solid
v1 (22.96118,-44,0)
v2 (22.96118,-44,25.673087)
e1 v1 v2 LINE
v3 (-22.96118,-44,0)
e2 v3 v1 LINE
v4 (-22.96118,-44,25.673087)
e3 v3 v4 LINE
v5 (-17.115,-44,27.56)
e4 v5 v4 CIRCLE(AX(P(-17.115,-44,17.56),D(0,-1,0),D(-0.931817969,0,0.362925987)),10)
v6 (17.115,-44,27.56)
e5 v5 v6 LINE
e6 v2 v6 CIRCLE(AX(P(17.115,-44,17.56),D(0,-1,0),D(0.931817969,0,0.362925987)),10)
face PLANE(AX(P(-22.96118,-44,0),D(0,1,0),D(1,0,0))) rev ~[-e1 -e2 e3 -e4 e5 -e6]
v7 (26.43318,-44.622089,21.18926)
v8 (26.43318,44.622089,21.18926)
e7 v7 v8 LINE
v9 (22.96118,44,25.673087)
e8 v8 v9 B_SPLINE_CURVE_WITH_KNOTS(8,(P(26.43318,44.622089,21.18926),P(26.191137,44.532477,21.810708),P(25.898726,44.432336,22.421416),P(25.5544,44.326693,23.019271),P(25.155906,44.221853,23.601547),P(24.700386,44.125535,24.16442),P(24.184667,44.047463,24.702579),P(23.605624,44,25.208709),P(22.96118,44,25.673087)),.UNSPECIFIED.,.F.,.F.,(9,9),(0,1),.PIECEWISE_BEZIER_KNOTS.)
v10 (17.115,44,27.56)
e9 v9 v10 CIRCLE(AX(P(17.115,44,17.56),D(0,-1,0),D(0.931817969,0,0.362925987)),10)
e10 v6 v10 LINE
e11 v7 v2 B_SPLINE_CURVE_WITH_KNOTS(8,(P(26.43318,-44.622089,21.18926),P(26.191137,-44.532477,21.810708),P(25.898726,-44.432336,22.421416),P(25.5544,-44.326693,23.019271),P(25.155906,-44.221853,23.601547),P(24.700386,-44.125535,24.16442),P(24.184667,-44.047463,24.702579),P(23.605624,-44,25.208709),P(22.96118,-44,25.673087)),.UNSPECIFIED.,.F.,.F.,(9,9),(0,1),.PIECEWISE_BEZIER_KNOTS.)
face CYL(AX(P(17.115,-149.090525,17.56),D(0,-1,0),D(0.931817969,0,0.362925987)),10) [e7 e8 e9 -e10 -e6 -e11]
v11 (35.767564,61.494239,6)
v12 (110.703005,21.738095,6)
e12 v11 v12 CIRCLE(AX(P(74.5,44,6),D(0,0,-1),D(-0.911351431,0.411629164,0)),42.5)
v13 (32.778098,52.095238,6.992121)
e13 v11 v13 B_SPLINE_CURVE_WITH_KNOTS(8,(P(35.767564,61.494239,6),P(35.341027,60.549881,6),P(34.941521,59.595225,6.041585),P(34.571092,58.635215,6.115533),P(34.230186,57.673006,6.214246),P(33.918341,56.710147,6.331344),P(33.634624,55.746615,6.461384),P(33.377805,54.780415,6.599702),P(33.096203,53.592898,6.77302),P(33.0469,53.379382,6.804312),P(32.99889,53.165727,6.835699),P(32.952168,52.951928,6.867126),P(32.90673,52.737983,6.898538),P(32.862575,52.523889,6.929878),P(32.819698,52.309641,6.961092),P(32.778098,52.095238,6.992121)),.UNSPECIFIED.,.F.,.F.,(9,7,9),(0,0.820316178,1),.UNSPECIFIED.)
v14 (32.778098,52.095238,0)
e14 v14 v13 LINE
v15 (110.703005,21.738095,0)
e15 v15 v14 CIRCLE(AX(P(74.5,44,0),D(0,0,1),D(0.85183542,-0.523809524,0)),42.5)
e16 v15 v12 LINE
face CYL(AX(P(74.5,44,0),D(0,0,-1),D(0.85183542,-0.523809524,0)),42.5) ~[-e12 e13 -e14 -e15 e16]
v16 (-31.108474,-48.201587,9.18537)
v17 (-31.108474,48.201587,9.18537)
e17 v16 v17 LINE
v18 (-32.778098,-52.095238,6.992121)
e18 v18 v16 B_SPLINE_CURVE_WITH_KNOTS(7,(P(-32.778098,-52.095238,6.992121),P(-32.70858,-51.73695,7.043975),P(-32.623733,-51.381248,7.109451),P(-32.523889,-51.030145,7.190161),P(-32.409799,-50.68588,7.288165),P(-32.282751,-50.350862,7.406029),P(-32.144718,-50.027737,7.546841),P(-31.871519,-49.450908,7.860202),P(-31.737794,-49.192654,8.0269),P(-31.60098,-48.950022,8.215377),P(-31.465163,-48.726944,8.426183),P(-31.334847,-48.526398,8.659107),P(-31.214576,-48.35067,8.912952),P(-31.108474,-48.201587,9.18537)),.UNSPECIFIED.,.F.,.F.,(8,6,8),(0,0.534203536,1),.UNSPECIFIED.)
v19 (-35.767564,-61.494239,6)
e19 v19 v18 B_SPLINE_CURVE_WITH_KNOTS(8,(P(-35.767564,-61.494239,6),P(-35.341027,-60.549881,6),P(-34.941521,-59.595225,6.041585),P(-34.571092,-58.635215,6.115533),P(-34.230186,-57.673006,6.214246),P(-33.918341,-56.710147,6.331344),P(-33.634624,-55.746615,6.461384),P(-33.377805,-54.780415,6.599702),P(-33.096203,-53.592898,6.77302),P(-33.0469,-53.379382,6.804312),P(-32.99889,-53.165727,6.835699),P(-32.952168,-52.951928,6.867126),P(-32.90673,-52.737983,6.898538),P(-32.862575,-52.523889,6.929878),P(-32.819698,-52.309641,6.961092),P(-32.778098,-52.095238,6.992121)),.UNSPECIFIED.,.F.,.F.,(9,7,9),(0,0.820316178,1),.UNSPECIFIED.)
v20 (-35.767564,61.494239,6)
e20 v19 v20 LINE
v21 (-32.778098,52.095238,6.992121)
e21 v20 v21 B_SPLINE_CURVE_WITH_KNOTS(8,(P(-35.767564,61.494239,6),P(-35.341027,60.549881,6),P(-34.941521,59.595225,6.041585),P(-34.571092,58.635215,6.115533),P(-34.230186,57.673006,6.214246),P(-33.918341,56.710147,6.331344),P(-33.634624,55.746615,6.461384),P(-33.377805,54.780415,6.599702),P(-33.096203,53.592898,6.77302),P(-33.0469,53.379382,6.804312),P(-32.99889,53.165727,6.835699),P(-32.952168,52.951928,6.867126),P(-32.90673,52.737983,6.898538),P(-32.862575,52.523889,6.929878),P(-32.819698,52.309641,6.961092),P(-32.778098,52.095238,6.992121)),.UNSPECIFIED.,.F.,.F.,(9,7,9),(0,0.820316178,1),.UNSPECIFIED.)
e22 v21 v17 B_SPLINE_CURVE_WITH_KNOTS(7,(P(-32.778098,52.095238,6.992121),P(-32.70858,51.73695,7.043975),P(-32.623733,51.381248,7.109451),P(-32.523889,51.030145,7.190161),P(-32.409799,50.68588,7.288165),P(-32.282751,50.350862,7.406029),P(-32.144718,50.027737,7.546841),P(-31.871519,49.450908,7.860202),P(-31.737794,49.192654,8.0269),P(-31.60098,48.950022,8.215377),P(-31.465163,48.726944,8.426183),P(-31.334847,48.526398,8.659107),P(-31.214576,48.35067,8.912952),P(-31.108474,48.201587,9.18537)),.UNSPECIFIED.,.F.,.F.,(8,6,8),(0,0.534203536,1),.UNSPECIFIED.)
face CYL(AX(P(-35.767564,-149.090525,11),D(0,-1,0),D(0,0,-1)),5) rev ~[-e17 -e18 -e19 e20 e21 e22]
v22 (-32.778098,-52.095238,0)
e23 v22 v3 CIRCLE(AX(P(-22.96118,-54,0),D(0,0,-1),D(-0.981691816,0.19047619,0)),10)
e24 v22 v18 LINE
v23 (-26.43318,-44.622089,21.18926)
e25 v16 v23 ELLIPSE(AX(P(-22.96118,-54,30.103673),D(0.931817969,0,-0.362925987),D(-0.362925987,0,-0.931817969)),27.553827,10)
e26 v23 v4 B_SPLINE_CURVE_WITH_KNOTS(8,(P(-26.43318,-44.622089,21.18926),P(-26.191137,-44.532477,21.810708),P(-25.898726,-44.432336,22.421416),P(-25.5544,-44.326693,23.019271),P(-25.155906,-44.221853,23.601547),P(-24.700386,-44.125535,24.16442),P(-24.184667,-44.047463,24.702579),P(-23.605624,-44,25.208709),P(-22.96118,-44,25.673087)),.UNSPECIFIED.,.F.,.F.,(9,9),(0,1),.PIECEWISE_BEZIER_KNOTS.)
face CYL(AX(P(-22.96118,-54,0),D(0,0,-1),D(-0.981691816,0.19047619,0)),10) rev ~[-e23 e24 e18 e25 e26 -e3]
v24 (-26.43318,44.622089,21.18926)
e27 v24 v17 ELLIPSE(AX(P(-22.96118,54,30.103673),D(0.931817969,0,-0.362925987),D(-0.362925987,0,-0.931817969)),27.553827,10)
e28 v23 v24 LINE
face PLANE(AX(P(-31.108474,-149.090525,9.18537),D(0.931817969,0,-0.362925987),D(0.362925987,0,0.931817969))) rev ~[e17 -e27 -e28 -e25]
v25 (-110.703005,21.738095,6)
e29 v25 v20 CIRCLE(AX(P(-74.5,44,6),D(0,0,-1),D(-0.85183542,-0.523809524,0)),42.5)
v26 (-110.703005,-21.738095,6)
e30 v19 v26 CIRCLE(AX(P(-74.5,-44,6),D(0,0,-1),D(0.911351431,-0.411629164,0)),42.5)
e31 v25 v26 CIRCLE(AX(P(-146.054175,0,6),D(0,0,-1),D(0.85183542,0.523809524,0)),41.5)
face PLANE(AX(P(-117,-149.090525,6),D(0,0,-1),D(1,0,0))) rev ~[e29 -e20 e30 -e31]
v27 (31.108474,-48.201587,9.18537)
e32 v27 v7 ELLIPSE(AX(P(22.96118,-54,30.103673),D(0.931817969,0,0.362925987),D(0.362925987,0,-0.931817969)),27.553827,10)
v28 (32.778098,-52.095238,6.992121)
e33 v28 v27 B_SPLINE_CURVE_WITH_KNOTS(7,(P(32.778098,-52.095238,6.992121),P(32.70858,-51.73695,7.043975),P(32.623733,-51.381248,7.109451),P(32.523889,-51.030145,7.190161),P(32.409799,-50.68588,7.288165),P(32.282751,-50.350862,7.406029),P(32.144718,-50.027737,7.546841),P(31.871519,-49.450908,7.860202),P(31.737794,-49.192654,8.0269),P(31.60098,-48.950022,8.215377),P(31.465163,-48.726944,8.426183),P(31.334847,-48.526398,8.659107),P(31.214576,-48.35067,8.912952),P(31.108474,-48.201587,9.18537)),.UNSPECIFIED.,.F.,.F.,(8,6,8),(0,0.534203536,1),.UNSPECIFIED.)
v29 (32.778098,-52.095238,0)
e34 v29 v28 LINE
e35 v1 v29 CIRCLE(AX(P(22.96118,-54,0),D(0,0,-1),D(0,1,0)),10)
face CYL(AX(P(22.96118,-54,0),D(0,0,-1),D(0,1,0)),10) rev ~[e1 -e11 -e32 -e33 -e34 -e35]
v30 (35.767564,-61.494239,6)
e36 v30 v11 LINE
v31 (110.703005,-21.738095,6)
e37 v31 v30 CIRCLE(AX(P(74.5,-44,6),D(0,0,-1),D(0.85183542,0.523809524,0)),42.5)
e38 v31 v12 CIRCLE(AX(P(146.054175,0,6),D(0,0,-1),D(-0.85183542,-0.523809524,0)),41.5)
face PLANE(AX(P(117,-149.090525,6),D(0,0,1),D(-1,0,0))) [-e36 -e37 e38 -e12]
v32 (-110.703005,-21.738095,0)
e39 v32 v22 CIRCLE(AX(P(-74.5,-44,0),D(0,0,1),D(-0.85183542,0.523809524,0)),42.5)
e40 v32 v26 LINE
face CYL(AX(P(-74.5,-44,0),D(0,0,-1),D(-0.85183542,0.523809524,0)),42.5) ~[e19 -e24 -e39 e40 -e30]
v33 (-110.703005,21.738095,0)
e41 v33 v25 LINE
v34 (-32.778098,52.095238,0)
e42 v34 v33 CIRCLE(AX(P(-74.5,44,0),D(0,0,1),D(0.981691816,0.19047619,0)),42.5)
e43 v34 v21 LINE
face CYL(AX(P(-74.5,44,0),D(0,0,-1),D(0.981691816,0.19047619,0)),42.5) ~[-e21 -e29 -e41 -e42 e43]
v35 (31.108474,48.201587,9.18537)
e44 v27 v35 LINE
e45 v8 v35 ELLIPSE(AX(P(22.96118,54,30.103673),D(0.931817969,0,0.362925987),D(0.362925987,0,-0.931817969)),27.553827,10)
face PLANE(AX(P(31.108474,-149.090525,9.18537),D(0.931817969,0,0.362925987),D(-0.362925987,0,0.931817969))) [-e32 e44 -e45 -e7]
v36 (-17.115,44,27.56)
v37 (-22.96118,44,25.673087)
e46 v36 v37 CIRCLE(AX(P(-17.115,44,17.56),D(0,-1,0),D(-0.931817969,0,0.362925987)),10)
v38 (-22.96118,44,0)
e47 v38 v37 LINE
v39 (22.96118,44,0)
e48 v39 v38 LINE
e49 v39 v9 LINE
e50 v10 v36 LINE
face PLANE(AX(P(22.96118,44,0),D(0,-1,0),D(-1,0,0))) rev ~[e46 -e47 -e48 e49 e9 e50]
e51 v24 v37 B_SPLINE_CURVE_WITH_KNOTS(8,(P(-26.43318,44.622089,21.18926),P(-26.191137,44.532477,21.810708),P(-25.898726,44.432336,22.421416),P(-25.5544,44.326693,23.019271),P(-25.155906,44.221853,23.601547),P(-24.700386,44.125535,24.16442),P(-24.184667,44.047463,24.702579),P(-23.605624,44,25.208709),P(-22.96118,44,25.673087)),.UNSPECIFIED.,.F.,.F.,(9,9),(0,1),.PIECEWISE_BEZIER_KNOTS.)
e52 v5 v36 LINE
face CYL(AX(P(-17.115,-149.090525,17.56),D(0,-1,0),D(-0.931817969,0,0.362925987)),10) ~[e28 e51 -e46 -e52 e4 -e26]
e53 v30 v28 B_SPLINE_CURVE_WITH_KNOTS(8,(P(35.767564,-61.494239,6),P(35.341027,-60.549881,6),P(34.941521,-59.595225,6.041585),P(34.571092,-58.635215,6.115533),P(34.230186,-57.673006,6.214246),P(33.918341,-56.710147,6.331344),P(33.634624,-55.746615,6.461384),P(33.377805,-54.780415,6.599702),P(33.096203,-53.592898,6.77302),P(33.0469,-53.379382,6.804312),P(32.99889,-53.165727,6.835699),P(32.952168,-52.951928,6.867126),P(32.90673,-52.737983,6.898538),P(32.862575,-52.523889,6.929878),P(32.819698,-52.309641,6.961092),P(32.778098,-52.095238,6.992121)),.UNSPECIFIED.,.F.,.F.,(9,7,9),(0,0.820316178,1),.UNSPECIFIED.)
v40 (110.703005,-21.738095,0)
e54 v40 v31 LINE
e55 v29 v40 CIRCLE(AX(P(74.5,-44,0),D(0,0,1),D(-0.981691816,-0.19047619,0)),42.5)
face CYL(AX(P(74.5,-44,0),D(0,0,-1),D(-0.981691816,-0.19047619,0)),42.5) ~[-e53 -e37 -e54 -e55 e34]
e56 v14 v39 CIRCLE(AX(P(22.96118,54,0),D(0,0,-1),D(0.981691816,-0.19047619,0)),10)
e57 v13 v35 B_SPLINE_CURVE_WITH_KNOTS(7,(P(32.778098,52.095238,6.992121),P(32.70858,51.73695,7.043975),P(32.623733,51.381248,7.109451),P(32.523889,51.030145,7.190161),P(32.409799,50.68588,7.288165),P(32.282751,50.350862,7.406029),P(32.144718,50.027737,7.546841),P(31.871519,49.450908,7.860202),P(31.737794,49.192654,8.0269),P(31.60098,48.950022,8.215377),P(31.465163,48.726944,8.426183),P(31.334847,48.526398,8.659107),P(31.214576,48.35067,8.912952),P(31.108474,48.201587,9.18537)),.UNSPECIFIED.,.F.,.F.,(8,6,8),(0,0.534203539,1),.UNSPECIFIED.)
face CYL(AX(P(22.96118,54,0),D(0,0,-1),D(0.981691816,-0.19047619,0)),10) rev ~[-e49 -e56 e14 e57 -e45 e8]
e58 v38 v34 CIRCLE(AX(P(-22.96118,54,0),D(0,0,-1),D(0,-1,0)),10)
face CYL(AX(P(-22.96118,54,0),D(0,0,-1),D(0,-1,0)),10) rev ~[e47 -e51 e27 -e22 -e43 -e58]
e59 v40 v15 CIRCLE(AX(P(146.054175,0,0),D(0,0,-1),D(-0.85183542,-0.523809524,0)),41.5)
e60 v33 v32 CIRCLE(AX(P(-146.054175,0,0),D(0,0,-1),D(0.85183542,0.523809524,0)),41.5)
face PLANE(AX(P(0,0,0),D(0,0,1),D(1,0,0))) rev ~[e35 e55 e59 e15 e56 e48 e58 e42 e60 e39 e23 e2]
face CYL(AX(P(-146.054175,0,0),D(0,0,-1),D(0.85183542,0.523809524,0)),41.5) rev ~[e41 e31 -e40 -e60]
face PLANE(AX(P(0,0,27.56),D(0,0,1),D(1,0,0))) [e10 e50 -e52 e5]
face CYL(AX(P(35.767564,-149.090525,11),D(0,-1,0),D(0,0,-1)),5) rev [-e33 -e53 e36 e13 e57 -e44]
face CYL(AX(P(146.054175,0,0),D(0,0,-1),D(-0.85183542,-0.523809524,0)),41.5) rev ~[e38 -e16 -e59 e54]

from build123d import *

# Parameters (mm, degrees)
BOSS_EXTRUDE1_DEPTH     = 27.56
CUT_EXTRUDE1_DEPTH      = 149.090525018
CUT_EXTRUDE1_DEPTH_BACK = 149.090525018


with BuildPart() as part:
    # Sketch1 → Boss-Extrude1 (new body)
    with BuildSketch(Plane.XY):
        with BuildLine():
            Line((22.96117968, 44), (-22.96117968, 44))
            ThreePointArc((-22.96117968, 44), (-29.323269783, 46.284832502), (-32.778097836, 52.095238095))
            ThreePointArc((-32.778097836, 52.095238095), (-89.927364847, 83.601091069), (-110.70300535, 21.738095238))
            ThreePointArc((-110.70300535, 21.738095238), (-104.55417528, 0), (-110.70300535, -21.738095238))
            ThreePointArc((-110.70300535, -21.738095238), (-89.927364847, -83.601091069), (-32.778097836, -52.095238095))
            ThreePointArc((-32.778097836, -52.095238095), (-29.323269783, -46.284832502), (-22.96117968, -44))
            Line((-22.96117968, -44), (22.96117968, -44))
            ThreePointArc((22.96117968, -44), (29.323269783, -46.284832502), (32.778097836, -52.095238095))
            ThreePointArc((32.778097836, -52.095238095), (89.927364847, -83.601091069), (110.70300535, -21.738095238))
            ThreePointArc((110.70300535, -21.738095238), (104.55417528, 0), (110.70300535, 21.738095238))
            ThreePointArc((110.70300535, 21.738095238), (89.927364847, 83.601091069), (32.778097836, 52.095238095))
            ThreePointArc((32.778097836, 52.095238095), (29.323269783, 46.284832502), (22.96117968, 44))
        make_face()
    extrude(amount=BOSS_EXTRUDE1_DEPTH)

    # Sketch2 → Cut-Extrude1 (cut, two sides: drawn at the far end of the back side and taken through both)
    with BuildSketch(Plane(origin=(0, 0, 0), x_dir=(1, 0, 0), z_dir=(0, 1, 0)).offset(-CUT_EXTRUDE1_DEPTH_BACK)):
        with BuildLine():
            Line((117, -6), (35.767564174, -6))
            ThreePointArc((35.767564174, -6), (32.945610035, -6.872461407), (31.108474327, -9.185370066))
            Line((31.108474327, -9.185370066), (26.433179694, -21.189259868))
            ThreePointArc((26.433179694, -21.189259868), (22.758908279, -25.815077185), (17.115, -27.56))
            Line((17.115, -27.56), (117, -27.56))
            Line((117, -27.56), (117, -6))
        make_face()
        with BuildLine():
            Line((-117, -27.56), (-117, -6))
            Line((-117, -6), (-35.767564174, -6))
            ThreePointArc((-35.767564174, -6), (-32.945610035, -6.872461407), (-31.108474327, -9.185370066))
            Line((-31.108474327, -9.185370066), (-26.433179694, -21.189259868))
            ThreePointArc((-26.433179694, -21.189259868), (-22.758908279, -25.815077185), (-17.115, -27.56))
            Line((-17.115, -27.56), (-117, -27.56))
        make_face()
    extrude(amount=CUT_EXTRUDE1_DEPTH + CUT_EXTRUDE1_DEPTH_BACK, mode=Mode.SUBTRACT)


solid = part.part
